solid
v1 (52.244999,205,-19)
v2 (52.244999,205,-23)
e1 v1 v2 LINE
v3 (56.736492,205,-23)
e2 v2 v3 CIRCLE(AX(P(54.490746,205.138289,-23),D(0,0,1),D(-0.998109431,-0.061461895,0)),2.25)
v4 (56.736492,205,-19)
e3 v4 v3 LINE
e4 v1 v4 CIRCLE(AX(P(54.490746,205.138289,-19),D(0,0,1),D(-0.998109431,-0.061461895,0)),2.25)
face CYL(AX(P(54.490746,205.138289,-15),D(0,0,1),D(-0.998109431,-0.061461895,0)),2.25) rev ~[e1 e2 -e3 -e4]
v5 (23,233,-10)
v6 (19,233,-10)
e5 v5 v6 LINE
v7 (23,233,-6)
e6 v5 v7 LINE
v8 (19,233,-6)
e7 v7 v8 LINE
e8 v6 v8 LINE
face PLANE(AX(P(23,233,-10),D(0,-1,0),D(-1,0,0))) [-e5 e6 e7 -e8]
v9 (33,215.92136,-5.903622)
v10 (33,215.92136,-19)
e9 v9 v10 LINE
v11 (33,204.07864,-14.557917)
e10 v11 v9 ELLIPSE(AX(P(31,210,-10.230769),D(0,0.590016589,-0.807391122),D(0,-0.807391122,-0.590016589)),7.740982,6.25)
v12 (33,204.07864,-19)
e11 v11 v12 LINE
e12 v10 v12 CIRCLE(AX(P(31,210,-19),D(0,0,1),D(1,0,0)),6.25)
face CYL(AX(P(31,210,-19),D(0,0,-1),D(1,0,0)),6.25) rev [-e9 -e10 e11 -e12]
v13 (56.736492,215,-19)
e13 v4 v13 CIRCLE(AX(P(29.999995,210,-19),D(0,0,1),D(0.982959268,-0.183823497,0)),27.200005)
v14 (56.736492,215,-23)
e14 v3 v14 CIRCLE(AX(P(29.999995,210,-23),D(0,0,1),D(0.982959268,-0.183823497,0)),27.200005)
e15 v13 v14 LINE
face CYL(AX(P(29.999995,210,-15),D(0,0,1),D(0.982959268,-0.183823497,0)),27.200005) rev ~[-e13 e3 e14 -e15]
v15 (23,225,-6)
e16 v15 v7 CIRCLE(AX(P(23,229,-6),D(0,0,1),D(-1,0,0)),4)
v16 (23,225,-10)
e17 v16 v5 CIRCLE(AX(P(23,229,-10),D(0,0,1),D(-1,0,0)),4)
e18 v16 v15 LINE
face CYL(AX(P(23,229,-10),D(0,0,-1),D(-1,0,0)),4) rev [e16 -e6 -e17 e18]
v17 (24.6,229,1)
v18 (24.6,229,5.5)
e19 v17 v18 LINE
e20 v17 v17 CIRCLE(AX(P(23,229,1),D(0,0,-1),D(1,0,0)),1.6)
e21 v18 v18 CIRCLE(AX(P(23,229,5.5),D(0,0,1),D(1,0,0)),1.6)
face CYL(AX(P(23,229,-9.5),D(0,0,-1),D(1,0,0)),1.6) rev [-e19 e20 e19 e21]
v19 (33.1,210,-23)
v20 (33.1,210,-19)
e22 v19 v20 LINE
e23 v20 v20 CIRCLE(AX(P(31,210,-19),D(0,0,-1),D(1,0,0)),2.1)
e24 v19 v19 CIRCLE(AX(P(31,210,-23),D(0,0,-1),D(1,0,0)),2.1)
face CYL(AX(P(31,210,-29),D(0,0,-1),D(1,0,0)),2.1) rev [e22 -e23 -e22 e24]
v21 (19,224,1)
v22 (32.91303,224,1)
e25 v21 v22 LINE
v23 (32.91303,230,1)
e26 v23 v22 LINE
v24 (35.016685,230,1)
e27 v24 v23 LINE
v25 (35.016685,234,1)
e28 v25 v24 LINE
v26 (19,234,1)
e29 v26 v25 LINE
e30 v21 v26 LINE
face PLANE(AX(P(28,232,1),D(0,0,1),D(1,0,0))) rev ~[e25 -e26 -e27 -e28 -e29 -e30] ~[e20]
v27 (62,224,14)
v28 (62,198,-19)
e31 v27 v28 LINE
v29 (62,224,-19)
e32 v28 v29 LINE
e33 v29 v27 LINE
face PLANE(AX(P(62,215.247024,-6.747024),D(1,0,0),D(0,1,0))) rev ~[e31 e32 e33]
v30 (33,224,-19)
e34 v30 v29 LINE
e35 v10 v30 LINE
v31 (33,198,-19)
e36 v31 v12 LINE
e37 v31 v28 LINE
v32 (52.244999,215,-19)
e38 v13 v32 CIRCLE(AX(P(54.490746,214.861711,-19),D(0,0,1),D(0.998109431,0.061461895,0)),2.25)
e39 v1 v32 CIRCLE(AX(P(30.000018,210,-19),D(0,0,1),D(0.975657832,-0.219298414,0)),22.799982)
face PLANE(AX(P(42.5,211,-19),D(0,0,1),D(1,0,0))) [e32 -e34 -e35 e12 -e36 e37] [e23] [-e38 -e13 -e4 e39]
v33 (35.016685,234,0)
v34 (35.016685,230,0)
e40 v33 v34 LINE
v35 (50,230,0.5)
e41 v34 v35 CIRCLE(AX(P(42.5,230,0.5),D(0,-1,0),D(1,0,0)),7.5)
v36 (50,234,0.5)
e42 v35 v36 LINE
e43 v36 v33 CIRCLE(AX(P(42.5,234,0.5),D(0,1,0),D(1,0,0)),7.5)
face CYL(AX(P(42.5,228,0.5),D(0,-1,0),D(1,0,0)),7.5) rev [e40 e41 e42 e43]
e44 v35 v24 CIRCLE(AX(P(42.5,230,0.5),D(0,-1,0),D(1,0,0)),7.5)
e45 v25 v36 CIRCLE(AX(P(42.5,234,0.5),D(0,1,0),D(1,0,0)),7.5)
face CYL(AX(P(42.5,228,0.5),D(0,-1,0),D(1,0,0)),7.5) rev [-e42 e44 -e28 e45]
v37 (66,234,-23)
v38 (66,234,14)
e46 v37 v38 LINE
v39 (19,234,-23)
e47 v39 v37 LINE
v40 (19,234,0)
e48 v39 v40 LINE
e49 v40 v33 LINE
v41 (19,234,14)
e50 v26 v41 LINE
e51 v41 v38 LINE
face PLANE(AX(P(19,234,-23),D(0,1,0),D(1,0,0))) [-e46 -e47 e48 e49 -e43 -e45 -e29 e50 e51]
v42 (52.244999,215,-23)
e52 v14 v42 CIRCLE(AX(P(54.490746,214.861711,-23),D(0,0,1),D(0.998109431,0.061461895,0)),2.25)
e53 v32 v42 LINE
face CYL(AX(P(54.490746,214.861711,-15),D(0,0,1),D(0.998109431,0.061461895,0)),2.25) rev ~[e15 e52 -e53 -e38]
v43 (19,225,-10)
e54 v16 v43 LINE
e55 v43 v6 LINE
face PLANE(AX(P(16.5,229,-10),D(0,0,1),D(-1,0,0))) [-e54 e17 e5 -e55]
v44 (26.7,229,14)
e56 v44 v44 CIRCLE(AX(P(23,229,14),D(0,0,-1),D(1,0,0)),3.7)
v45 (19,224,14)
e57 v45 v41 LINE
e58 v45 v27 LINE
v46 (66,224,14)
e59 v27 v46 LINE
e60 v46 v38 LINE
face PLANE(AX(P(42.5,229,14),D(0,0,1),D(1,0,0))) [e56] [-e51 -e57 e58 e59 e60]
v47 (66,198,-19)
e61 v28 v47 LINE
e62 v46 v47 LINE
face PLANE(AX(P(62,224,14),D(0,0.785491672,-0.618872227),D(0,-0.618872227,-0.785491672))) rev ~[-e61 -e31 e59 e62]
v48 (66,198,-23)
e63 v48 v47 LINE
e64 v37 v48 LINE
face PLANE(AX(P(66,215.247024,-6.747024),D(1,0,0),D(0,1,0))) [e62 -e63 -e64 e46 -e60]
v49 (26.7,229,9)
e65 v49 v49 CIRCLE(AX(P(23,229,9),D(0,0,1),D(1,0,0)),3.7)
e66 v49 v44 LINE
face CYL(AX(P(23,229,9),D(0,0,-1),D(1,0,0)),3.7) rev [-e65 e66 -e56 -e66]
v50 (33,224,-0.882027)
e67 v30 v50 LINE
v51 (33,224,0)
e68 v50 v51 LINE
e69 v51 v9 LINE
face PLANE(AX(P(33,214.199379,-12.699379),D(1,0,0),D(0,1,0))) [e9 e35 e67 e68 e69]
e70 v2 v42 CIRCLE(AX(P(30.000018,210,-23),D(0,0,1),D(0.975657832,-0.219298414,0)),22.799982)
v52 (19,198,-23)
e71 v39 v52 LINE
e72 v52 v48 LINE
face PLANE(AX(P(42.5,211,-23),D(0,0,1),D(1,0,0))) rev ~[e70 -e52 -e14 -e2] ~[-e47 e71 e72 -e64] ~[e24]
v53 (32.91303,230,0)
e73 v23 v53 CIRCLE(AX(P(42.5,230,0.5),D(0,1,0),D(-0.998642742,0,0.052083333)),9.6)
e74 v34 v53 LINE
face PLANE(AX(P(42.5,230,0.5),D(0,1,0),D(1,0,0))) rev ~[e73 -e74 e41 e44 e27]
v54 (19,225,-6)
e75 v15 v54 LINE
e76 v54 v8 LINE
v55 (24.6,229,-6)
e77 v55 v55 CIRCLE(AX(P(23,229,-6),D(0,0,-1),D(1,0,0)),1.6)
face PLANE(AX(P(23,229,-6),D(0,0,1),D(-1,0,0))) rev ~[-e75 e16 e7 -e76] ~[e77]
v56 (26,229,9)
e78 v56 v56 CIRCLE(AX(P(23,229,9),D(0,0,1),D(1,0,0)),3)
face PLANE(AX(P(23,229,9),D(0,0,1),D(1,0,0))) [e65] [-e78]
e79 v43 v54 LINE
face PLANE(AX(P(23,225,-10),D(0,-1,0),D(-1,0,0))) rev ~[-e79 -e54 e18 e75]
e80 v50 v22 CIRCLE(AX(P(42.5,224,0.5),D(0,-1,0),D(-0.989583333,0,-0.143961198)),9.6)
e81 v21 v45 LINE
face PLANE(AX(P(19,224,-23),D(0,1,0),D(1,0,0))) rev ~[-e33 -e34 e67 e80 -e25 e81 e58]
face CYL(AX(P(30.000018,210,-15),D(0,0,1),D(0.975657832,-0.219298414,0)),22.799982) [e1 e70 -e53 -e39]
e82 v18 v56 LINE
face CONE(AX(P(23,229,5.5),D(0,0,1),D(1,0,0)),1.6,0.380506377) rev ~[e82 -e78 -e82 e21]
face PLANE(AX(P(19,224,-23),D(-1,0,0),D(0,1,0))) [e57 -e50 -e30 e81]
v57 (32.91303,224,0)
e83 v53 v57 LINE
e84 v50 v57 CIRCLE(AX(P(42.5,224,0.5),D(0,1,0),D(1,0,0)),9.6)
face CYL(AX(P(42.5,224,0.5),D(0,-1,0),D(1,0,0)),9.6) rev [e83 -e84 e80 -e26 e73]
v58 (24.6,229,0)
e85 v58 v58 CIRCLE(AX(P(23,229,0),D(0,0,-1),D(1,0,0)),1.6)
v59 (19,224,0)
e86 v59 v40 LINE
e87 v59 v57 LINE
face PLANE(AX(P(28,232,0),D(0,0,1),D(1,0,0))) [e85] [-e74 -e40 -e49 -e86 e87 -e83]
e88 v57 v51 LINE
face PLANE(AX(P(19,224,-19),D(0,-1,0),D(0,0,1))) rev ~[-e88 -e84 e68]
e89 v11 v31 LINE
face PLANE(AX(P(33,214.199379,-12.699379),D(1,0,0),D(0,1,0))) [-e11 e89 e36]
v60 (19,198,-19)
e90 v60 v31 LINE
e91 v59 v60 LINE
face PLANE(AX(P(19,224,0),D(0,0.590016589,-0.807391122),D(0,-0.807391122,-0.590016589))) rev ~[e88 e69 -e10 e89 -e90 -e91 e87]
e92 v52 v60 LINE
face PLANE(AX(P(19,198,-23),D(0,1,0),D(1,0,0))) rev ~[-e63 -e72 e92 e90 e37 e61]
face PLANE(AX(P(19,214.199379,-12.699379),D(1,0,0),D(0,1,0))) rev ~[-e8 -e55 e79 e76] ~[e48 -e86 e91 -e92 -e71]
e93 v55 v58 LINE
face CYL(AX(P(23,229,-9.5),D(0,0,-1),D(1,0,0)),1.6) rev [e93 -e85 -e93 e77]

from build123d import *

# Parameters (mm, degrees)
CYLINDER052_R             = 6.25
CYLINDER052_DEPTH         = 17
CYLINDER051_R             = 2.1
CYLINDER051_DEPTH         = 10
EXTRUDE014_DEPTH          = 10
EXTRUDE016_DEPTH          = 14
EXTRUDE015_DEPTH          = 4
BOX021_W                  = 47
BOX021_H                  = 26
BOX021_DEPTH              = 4
CYLINDER044_R             = 4
CYLINDER044_DEPTH         = 4
BOX014_W                  = 13
BOX014_H                  = 8
BOX014_DEPTH              = 4
FUSION015_PLACEMENT_ANGLE = 180
CYLINDER039_R             = 1.6
CYLINDER039_DEPTH         = 15
CYLINDER043_R             = 3.7
CYLINDER043_DEPTH         = 10
CYLINDER045_R             = 7.5
CYLINDER045_DEPTH         = 6
CYLINDER042_R             = 9.6
CYLINDER042_DEPTH         = 6
BOX012_W                  = 26
BOX012_H                  = 42
BOX012_DEPTH              = 1
BOX013_W                  = 47
BOX013_H                  = 10
BOX013_DEPTH              = 37


with BuildPart() as cylinder052:
    # Cylinder052 → Cylinder052 (new body)
    with BuildSketch(Plane.XY.offset(10)):
        Circle(CYLINDER052_R)
    extrude(amount=CYLINDER052_DEPTH)


with BuildPart() as fusion022:
    # Cylinder051 → Cylinder051 (new body)
    with BuildSketch(Plane.XY):
        Circle(CYLINDER051_R)
    extrude(amount=CYLINDER051_DEPTH)

    # Fusion022: union Cylinder052
    add(cylinder052.part)


with BuildPart() as fusion022_1:
    # Fusion022 placement: moved
    add(fusion022.part.moved(Location((12, 12, -6))))


with BuildPart() as extrude014:
    # Sketch010 → Extrude014 (new body)
    with BuildSketch(Plane.XY):
        with BuildLine():
            ThreePointArc((35.736492, 10), (36.2, 15), (35.736492, 20))
            ThreePointArc((35.736492, 20), (33.490746, 22.111711), (31.244999, 20))
            ThreePointArc((31.244999, 10), (31.8, 15), (31.244999, 20))
            ThreePointArc((31.244999, 10), (33.490746, 7.888289), (35.736492, 10))
        make_face()
    extrude(amount=-EXTRUDE014_DEPTH)


with BuildPart() as extrude014_1:
    # Extrude014 placement: moved
    add(extrude014.part.moved(Location((2, -3, 8))))


with BuildPart() as extrude016:
    # Sketch015 → Extrude016 (new body)
    with BuildSketch(Plane.YZ):
        Polygon((0, 4), (26, 4), (26, 23), align=None)
    extrude(amount=EXTRUDE016_DEPTH)


with BuildPart() as extrude015:
    # Sketch014 → Extrude015 (new body)
    with BuildSketch(Plane.YZ):
        Polygon((0, 4), (26, 4), (26, 37), align=None)
    extrude(amount=EXTRUDE015_DEPTH)


with BuildPart() as extrude015_1:
    # Extrude015 placement: moved
    add(extrude015.part.moved(Location((43, 0, 0))))


with BuildPart() as box021:
    # Box021 → Box021 (new body)
    with BuildSketch(Plane.XY):
        with Locations((23.5, 13)):
            Rectangle(BOX021_W, BOX021_H)
    extrude(amount=BOX021_DEPTH)


with BuildPart() as cylinder044:
    # Cylinder044 → Cylinder044 (new body)
    with BuildSketch(Plane(origin=(9, 11, -8), x_dir=(1, 0, 0), z_dir=(0, 0, 1))):
        Circle(CYLINDER044_R)
    extrude(amount=CYLINDER044_DEPTH)


with BuildPart() as fusion015:
    # Box014 → Box014 (new body)
    with BuildSketch(Plane(origin=(9, 7, -8), x_dir=(1, 0, 0), z_dir=(0, 0, 1))):
        with Locations((6.5, 4)):
            Rectangle(BOX014_W, BOX014_H)
    extrude(amount=BOX014_DEPTH)

    # Fusion015: union Cylinder044
    add(cylinder044.part)


with BuildPart() as fusion015_1:
    # Fusion015 placement: moved
    add(fusion015.part.moved(Location((13, 42, 21))).rotate(Axis((13, 42, 21), (0, 0, 1)), FUSION015_PLACEMENT_ANGLE))


with BuildPart() as cylinder039:
    # Cylinder039 → Cylinder039 (new body)
    with BuildSketch(Plane.XY):
        Circle(CYLINDER039_R)
    extrude(amount=CYLINDER039_DEPTH)


with BuildPart() as fusion016:
    # Cone002 → Cone002 (revolve)
    with BuildSketch(Plane(origin=(0, 0, 15), x_dir=(1, 0, 0), z_dir=(0, -1, 0))):
        Polygon((0, 0), (1.6, 0), (3, 3.5), (0, 3.5), align=None)
    revolve(axis=Axis((0, 0, 15), (0, 0, 1)))

    # Fusion016: union Cylinder039
    add(cylinder039.part)


with BuildPart() as fusion016_1:
    # Fusion016 placement: moved
    add(fusion016.part.moved(Location((4, 31, 13.5))))


with BuildPart() as cylinder043:
    # Cylinder043 → Cylinder043 (new body)
    with BuildSketch(Plane(origin=(4, 31, 32), x_dir=(1, 0, 0), z_dir=(0, 0, 1))):
        Circle(CYLINDER043_R)
    extrude(amount=CYLINDER043_DEPTH)


with BuildPart() as cylinder045:
    # Cylinder045 → Cylinder045 (new body)
    with BuildSketch(Plane(origin=(23.5, 30, 23.5), x_dir=(1, 0, 0), z_dir=(0, 1, 0))):
        Circle(CYLINDER045_R)
    extrude(amount=CYLINDER045_DEPTH)


with BuildPart() as cylinder042:
    # Cylinder042 → Cylinder042 (new body)
    with BuildSketch(Plane(origin=(23.5, 26, 23.5), x_dir=(1, 0, 0), z_dir=(0, 1, 0))):
        Circle(CYLINDER042_R)
    extrude(amount=CYLINDER042_DEPTH)


with BuildPart() as box012:
    # Box012 → Box012 (new body)
    with BuildSketch(Plane(origin=(-4, 13, 23), x_dir=(1, 0, 0), z_dir=(0, 0, 1))):
        with Locations((13, 21)):
            Rectangle(BOX012_W, BOX012_H)
    extrude(amount=BOX012_DEPTH)


with BuildPart() as cut054:
    # Box013 → Box013 (new body)
    with BuildSketch(Plane(origin=(0, 26, 0), x_dir=(1, 0, 0), z_dir=(0, 0, 1))):
        with Locations((23.5, 5)):
            Rectangle(BOX013_W, BOX013_H)
    extrude(amount=BOX013_DEPTH)

    # Cut047: cut Box012
    add(box012.part, mode=Mode.SUBTRACT)

    # Cut048: cut Cylinder042
    add(cylinder042.part, mode=Mode.SUBTRACT)

    # Cut049: cut Cylinder045
    add(cylinder045.part, mode=Mode.SUBTRACT)

    # Cut050: cut Cylinder043
    add(cylinder043.part, mode=Mode.SUBTRACT)

    # Cut051: cut Fusion016
    add(fusion016_1.part, mode=Mode.SUBTRACT)

    # Cut052: cut Fusion015
    add(fusion015_1.part, mode=Mode.SUBTRACT)

    # Fusion023: union Box021
    add(box021.part)

    # Fusion024: union Extrude016, Extrude015
    add(extrude016.part)
    add(extrude015_1.part)

    # Cut053: cut Extrude014
    add(extrude014_1.part, mode=Mode.SUBTRACT)

    # Cut054: cut Fusion022
    add(fusion022_1.part, mode=Mode.SUBTRACT)


with BuildPart() as cut054_1:
    # Cut054 placement: moved
    add(cut054.part.moved(Location((19, 198, -23))))


solid = cut054_1.part
